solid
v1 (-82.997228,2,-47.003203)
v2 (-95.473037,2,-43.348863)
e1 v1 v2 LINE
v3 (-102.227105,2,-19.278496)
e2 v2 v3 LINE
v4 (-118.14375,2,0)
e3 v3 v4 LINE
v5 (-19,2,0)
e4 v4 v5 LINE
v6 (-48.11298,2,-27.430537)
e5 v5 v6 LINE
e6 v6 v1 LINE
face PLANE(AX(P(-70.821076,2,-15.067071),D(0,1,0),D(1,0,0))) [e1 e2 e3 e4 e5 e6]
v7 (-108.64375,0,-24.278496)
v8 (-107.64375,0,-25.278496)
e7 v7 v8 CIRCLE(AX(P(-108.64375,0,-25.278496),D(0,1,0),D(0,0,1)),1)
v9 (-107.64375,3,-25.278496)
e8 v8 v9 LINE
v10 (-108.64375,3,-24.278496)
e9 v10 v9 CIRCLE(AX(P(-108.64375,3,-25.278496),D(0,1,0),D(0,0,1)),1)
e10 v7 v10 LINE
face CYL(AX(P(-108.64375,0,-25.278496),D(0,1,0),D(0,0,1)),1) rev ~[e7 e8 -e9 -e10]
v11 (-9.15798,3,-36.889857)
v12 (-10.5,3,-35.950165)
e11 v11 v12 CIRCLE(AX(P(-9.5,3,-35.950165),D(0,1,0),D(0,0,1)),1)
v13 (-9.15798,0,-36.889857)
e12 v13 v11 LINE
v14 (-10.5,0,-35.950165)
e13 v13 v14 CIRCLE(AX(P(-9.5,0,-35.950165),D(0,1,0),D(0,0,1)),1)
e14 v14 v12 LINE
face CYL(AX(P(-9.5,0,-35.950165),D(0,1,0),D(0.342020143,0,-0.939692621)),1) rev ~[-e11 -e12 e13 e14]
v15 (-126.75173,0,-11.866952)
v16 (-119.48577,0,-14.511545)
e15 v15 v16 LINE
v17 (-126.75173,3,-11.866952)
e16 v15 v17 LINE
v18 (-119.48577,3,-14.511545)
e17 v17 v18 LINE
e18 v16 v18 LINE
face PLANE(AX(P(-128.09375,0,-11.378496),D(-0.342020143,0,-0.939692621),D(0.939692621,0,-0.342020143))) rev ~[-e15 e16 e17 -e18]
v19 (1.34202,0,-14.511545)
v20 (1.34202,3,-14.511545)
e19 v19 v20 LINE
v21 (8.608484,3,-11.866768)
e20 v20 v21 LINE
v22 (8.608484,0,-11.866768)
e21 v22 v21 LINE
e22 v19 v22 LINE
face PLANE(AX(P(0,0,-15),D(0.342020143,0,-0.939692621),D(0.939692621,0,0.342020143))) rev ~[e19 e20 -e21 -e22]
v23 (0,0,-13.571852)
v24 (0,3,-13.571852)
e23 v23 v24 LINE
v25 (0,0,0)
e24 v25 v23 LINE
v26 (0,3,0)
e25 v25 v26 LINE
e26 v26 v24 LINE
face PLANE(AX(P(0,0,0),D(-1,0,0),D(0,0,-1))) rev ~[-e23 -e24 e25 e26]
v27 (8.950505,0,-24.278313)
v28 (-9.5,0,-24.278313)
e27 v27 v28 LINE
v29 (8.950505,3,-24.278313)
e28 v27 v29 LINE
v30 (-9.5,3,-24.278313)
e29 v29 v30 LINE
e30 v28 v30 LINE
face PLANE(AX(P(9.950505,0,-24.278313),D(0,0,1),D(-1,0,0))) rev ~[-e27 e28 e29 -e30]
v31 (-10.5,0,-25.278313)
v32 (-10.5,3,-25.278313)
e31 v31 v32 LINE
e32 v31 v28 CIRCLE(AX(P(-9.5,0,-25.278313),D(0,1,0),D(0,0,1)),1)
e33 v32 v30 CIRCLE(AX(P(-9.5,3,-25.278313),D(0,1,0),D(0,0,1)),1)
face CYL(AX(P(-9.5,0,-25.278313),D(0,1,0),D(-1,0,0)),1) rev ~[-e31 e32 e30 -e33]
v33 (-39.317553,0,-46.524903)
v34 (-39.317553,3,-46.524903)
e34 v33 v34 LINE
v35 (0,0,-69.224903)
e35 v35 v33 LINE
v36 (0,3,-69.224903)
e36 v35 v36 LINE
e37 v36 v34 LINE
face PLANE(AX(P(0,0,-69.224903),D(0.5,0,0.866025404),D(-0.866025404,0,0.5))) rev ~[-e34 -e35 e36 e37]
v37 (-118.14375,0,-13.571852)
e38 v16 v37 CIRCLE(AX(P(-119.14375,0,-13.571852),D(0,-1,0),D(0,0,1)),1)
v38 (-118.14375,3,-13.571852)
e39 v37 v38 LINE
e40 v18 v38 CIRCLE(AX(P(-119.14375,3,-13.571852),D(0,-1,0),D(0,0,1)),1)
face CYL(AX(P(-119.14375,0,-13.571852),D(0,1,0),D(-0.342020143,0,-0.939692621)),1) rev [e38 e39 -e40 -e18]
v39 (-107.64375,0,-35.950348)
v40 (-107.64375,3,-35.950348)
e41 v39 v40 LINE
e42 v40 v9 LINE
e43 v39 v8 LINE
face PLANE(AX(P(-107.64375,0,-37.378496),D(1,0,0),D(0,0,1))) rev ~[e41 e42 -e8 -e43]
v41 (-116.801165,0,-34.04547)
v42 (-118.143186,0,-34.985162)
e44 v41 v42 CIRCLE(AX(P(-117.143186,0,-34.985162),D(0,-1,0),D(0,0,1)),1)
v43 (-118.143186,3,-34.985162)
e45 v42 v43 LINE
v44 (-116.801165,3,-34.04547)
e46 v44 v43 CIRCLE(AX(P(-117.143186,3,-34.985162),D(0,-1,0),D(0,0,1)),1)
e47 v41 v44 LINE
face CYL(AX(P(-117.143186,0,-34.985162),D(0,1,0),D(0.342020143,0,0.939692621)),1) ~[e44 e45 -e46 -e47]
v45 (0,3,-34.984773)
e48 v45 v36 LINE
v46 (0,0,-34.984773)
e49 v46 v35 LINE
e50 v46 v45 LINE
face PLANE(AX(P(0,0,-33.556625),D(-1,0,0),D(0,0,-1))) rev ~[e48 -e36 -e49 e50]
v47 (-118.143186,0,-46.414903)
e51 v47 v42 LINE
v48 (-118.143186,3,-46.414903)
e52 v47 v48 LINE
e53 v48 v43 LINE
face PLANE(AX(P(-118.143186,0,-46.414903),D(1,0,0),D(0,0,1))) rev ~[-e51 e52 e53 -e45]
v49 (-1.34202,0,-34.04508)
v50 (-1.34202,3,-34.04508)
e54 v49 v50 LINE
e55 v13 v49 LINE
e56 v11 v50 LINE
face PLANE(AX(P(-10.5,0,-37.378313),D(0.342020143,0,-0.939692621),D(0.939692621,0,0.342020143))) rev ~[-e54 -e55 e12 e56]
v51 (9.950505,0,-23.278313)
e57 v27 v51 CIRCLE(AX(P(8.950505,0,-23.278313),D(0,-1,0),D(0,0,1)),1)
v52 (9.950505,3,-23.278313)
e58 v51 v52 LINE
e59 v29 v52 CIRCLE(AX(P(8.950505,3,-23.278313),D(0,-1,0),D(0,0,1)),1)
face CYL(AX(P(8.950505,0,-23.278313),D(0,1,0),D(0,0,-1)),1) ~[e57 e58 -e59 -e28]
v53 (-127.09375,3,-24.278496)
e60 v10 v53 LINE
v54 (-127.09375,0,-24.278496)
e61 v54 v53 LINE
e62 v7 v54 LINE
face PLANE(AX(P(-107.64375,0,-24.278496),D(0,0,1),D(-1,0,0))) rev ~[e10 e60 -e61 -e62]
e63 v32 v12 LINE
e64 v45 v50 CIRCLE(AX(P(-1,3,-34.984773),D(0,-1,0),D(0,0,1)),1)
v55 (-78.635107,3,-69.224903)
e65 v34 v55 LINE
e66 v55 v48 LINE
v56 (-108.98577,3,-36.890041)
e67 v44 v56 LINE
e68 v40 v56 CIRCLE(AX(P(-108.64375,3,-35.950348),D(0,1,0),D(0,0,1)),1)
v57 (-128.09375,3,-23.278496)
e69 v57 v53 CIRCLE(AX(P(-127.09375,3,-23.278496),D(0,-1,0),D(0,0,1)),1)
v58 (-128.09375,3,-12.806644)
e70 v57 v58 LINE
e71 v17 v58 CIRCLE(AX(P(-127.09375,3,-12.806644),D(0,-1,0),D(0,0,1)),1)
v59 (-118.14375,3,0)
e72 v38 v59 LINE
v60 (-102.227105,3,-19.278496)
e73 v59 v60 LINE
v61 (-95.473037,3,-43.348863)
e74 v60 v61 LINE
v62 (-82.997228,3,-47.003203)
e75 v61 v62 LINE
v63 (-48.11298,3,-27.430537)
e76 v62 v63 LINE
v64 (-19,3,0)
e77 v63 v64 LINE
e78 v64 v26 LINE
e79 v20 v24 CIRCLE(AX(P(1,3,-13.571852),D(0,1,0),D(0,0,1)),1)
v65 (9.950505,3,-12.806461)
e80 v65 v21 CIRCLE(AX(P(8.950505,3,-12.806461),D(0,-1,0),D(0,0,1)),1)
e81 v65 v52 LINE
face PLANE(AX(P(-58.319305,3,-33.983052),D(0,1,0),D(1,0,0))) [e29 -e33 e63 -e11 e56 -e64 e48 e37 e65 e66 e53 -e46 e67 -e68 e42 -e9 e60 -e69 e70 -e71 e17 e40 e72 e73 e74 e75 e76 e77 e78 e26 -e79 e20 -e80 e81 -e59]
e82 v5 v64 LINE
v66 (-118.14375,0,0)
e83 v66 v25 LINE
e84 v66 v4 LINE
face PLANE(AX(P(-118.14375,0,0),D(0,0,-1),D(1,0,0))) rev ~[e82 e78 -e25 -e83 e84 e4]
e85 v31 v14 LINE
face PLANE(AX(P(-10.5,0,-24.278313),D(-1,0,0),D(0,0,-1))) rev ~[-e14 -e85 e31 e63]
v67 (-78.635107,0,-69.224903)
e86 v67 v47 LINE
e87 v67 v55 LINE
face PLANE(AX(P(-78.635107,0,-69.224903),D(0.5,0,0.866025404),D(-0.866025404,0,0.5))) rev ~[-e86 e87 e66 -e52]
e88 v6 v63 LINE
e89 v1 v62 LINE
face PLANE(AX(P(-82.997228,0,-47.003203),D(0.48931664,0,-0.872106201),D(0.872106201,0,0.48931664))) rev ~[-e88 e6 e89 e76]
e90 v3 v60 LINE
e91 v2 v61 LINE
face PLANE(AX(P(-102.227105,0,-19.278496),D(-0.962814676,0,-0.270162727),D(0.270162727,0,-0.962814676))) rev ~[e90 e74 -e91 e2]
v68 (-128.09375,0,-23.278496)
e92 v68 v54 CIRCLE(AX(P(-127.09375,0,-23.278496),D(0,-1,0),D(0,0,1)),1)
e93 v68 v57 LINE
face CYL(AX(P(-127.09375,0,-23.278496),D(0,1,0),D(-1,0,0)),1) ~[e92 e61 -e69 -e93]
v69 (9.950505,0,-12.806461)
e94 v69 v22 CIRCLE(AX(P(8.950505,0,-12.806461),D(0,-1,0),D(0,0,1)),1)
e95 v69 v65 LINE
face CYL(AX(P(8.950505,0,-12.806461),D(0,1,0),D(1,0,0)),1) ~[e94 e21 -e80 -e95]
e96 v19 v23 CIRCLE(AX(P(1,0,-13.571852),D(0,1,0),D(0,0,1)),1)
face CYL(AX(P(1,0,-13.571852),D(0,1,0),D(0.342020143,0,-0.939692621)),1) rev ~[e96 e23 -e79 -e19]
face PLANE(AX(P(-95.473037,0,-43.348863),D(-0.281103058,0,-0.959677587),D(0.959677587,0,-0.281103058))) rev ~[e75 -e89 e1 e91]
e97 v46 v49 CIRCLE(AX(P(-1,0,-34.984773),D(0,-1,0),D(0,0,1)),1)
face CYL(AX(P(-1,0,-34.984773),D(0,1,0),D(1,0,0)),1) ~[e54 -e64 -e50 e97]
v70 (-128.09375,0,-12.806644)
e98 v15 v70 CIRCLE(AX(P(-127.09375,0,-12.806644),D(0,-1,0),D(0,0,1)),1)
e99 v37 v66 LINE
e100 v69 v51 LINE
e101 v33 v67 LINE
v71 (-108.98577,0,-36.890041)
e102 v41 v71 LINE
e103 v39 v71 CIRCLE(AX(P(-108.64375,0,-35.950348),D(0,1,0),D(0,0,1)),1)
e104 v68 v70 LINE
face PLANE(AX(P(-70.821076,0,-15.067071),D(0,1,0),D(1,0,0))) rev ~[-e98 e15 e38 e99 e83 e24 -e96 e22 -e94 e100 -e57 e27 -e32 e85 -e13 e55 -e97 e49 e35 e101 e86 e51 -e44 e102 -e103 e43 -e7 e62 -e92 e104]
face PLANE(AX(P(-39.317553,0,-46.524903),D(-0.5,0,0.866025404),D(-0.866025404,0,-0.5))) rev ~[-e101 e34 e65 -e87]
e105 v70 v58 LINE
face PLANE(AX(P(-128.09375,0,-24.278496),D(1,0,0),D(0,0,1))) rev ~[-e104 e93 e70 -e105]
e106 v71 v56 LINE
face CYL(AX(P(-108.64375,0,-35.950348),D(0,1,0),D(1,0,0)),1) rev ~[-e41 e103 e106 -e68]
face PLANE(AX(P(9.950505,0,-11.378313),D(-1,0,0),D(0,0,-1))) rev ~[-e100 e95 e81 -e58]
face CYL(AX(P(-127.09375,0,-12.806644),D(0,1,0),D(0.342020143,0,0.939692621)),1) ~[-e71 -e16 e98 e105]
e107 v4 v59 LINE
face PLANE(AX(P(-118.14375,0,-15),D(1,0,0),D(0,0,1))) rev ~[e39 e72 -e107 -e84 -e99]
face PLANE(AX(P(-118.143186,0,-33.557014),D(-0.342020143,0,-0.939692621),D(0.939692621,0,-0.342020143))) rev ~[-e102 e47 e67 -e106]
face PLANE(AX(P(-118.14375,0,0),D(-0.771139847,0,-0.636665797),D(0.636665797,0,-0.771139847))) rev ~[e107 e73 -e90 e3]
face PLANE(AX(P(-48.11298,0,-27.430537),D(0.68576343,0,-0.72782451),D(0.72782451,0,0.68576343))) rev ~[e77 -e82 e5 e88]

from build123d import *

# Parameters (mm, degrees)
P_IDAT_VYSUNUT_M1_DEPTH = 3
P_IDAT_VYSUNUT_M2_DEPTH = 2
ZAOBLIT3_R              = 1


with BuildPart() as part:
    # Skica1 → P_idat vysunut_m1 (new body)
    with BuildSketch(Plane(origin=(0, 0, 0), x_dir=(1, 0, 0), z_dir=(0, 1, 0))):
        Polygon((-118.143750166, 15), (-118.143750166, 0), (-102.227105248, 19.278496169), (-95.473037065, 43.348863075), (-82.997228437, 47.003202833), (-48.112980408, 27.430537213), (-19, 0), (0, 0), (0, 15), (9.950504516, 11.37831254), (9.950504516, 24.27831254), (-10.5, 24.27831254), (-10.5, 37.37831254), (0, 33.55662508), (0, 69.224902673), (-39.317553332, 46.524902673), (-78.635106664, 69.224902673), (-118.143185584, 46.414902673), (-118.143185584, 33.5570142), (-107.643750166, 37.378496169), (-107.643750166, 24.278496169), (-128.093750166, 24.278496169), (-128.093750166, 11.378496169), align=None)
    extrude(amount=P_IDAT_VYSUNUT_M1_DEPTH)

    # Skica1_3 → P_idat vysunut_m2 (add)
    with BuildSketch(Plane(origin=(0, 0, 0), x_dir=(1, 0, 0), z_dir=(0, 1, 0))):
        Polygon((-102.227105248, 19.278496169), (-118.143750166, 0), (-19, 0), (-48.112980408, 27.430537213), (-82.997228437, 47.003202833), (-95.473037065, 43.348863075), align=None)
    extrude(amount=P_IDAT_VYSUNUT_M2_DEPTH)

    # Zaoblit3
    zaoblit3_edges = [part.edges().sort_by_distance(p)[0] for p in [
        (-10.5, 1.5, -24.27831254),
        (9.950504516, 1.5, -24.27831254),
        (9.950504516, 1.5, -11.37831254),
        (0, 1.5, -15),
        (-118.143750166, 1.5, -15),
        (-128.093750166, 1.5, -11.378496169),
        (-128.093750166, 1.5, -24.278496169),
        (-107.643750166, 1.5, -24.278496169),
        (-107.643750166, 1.5, -37.378496169),
        (-118.143185584, 1.5, -33.5570142),
        (0, 1.5, -33.55662508),
        (-10.5, 1.5, -37.37831254),
    ]]
    fillet(zaoblit3_edges, radius=ZAOBLIT3_R)


solid = part.part
